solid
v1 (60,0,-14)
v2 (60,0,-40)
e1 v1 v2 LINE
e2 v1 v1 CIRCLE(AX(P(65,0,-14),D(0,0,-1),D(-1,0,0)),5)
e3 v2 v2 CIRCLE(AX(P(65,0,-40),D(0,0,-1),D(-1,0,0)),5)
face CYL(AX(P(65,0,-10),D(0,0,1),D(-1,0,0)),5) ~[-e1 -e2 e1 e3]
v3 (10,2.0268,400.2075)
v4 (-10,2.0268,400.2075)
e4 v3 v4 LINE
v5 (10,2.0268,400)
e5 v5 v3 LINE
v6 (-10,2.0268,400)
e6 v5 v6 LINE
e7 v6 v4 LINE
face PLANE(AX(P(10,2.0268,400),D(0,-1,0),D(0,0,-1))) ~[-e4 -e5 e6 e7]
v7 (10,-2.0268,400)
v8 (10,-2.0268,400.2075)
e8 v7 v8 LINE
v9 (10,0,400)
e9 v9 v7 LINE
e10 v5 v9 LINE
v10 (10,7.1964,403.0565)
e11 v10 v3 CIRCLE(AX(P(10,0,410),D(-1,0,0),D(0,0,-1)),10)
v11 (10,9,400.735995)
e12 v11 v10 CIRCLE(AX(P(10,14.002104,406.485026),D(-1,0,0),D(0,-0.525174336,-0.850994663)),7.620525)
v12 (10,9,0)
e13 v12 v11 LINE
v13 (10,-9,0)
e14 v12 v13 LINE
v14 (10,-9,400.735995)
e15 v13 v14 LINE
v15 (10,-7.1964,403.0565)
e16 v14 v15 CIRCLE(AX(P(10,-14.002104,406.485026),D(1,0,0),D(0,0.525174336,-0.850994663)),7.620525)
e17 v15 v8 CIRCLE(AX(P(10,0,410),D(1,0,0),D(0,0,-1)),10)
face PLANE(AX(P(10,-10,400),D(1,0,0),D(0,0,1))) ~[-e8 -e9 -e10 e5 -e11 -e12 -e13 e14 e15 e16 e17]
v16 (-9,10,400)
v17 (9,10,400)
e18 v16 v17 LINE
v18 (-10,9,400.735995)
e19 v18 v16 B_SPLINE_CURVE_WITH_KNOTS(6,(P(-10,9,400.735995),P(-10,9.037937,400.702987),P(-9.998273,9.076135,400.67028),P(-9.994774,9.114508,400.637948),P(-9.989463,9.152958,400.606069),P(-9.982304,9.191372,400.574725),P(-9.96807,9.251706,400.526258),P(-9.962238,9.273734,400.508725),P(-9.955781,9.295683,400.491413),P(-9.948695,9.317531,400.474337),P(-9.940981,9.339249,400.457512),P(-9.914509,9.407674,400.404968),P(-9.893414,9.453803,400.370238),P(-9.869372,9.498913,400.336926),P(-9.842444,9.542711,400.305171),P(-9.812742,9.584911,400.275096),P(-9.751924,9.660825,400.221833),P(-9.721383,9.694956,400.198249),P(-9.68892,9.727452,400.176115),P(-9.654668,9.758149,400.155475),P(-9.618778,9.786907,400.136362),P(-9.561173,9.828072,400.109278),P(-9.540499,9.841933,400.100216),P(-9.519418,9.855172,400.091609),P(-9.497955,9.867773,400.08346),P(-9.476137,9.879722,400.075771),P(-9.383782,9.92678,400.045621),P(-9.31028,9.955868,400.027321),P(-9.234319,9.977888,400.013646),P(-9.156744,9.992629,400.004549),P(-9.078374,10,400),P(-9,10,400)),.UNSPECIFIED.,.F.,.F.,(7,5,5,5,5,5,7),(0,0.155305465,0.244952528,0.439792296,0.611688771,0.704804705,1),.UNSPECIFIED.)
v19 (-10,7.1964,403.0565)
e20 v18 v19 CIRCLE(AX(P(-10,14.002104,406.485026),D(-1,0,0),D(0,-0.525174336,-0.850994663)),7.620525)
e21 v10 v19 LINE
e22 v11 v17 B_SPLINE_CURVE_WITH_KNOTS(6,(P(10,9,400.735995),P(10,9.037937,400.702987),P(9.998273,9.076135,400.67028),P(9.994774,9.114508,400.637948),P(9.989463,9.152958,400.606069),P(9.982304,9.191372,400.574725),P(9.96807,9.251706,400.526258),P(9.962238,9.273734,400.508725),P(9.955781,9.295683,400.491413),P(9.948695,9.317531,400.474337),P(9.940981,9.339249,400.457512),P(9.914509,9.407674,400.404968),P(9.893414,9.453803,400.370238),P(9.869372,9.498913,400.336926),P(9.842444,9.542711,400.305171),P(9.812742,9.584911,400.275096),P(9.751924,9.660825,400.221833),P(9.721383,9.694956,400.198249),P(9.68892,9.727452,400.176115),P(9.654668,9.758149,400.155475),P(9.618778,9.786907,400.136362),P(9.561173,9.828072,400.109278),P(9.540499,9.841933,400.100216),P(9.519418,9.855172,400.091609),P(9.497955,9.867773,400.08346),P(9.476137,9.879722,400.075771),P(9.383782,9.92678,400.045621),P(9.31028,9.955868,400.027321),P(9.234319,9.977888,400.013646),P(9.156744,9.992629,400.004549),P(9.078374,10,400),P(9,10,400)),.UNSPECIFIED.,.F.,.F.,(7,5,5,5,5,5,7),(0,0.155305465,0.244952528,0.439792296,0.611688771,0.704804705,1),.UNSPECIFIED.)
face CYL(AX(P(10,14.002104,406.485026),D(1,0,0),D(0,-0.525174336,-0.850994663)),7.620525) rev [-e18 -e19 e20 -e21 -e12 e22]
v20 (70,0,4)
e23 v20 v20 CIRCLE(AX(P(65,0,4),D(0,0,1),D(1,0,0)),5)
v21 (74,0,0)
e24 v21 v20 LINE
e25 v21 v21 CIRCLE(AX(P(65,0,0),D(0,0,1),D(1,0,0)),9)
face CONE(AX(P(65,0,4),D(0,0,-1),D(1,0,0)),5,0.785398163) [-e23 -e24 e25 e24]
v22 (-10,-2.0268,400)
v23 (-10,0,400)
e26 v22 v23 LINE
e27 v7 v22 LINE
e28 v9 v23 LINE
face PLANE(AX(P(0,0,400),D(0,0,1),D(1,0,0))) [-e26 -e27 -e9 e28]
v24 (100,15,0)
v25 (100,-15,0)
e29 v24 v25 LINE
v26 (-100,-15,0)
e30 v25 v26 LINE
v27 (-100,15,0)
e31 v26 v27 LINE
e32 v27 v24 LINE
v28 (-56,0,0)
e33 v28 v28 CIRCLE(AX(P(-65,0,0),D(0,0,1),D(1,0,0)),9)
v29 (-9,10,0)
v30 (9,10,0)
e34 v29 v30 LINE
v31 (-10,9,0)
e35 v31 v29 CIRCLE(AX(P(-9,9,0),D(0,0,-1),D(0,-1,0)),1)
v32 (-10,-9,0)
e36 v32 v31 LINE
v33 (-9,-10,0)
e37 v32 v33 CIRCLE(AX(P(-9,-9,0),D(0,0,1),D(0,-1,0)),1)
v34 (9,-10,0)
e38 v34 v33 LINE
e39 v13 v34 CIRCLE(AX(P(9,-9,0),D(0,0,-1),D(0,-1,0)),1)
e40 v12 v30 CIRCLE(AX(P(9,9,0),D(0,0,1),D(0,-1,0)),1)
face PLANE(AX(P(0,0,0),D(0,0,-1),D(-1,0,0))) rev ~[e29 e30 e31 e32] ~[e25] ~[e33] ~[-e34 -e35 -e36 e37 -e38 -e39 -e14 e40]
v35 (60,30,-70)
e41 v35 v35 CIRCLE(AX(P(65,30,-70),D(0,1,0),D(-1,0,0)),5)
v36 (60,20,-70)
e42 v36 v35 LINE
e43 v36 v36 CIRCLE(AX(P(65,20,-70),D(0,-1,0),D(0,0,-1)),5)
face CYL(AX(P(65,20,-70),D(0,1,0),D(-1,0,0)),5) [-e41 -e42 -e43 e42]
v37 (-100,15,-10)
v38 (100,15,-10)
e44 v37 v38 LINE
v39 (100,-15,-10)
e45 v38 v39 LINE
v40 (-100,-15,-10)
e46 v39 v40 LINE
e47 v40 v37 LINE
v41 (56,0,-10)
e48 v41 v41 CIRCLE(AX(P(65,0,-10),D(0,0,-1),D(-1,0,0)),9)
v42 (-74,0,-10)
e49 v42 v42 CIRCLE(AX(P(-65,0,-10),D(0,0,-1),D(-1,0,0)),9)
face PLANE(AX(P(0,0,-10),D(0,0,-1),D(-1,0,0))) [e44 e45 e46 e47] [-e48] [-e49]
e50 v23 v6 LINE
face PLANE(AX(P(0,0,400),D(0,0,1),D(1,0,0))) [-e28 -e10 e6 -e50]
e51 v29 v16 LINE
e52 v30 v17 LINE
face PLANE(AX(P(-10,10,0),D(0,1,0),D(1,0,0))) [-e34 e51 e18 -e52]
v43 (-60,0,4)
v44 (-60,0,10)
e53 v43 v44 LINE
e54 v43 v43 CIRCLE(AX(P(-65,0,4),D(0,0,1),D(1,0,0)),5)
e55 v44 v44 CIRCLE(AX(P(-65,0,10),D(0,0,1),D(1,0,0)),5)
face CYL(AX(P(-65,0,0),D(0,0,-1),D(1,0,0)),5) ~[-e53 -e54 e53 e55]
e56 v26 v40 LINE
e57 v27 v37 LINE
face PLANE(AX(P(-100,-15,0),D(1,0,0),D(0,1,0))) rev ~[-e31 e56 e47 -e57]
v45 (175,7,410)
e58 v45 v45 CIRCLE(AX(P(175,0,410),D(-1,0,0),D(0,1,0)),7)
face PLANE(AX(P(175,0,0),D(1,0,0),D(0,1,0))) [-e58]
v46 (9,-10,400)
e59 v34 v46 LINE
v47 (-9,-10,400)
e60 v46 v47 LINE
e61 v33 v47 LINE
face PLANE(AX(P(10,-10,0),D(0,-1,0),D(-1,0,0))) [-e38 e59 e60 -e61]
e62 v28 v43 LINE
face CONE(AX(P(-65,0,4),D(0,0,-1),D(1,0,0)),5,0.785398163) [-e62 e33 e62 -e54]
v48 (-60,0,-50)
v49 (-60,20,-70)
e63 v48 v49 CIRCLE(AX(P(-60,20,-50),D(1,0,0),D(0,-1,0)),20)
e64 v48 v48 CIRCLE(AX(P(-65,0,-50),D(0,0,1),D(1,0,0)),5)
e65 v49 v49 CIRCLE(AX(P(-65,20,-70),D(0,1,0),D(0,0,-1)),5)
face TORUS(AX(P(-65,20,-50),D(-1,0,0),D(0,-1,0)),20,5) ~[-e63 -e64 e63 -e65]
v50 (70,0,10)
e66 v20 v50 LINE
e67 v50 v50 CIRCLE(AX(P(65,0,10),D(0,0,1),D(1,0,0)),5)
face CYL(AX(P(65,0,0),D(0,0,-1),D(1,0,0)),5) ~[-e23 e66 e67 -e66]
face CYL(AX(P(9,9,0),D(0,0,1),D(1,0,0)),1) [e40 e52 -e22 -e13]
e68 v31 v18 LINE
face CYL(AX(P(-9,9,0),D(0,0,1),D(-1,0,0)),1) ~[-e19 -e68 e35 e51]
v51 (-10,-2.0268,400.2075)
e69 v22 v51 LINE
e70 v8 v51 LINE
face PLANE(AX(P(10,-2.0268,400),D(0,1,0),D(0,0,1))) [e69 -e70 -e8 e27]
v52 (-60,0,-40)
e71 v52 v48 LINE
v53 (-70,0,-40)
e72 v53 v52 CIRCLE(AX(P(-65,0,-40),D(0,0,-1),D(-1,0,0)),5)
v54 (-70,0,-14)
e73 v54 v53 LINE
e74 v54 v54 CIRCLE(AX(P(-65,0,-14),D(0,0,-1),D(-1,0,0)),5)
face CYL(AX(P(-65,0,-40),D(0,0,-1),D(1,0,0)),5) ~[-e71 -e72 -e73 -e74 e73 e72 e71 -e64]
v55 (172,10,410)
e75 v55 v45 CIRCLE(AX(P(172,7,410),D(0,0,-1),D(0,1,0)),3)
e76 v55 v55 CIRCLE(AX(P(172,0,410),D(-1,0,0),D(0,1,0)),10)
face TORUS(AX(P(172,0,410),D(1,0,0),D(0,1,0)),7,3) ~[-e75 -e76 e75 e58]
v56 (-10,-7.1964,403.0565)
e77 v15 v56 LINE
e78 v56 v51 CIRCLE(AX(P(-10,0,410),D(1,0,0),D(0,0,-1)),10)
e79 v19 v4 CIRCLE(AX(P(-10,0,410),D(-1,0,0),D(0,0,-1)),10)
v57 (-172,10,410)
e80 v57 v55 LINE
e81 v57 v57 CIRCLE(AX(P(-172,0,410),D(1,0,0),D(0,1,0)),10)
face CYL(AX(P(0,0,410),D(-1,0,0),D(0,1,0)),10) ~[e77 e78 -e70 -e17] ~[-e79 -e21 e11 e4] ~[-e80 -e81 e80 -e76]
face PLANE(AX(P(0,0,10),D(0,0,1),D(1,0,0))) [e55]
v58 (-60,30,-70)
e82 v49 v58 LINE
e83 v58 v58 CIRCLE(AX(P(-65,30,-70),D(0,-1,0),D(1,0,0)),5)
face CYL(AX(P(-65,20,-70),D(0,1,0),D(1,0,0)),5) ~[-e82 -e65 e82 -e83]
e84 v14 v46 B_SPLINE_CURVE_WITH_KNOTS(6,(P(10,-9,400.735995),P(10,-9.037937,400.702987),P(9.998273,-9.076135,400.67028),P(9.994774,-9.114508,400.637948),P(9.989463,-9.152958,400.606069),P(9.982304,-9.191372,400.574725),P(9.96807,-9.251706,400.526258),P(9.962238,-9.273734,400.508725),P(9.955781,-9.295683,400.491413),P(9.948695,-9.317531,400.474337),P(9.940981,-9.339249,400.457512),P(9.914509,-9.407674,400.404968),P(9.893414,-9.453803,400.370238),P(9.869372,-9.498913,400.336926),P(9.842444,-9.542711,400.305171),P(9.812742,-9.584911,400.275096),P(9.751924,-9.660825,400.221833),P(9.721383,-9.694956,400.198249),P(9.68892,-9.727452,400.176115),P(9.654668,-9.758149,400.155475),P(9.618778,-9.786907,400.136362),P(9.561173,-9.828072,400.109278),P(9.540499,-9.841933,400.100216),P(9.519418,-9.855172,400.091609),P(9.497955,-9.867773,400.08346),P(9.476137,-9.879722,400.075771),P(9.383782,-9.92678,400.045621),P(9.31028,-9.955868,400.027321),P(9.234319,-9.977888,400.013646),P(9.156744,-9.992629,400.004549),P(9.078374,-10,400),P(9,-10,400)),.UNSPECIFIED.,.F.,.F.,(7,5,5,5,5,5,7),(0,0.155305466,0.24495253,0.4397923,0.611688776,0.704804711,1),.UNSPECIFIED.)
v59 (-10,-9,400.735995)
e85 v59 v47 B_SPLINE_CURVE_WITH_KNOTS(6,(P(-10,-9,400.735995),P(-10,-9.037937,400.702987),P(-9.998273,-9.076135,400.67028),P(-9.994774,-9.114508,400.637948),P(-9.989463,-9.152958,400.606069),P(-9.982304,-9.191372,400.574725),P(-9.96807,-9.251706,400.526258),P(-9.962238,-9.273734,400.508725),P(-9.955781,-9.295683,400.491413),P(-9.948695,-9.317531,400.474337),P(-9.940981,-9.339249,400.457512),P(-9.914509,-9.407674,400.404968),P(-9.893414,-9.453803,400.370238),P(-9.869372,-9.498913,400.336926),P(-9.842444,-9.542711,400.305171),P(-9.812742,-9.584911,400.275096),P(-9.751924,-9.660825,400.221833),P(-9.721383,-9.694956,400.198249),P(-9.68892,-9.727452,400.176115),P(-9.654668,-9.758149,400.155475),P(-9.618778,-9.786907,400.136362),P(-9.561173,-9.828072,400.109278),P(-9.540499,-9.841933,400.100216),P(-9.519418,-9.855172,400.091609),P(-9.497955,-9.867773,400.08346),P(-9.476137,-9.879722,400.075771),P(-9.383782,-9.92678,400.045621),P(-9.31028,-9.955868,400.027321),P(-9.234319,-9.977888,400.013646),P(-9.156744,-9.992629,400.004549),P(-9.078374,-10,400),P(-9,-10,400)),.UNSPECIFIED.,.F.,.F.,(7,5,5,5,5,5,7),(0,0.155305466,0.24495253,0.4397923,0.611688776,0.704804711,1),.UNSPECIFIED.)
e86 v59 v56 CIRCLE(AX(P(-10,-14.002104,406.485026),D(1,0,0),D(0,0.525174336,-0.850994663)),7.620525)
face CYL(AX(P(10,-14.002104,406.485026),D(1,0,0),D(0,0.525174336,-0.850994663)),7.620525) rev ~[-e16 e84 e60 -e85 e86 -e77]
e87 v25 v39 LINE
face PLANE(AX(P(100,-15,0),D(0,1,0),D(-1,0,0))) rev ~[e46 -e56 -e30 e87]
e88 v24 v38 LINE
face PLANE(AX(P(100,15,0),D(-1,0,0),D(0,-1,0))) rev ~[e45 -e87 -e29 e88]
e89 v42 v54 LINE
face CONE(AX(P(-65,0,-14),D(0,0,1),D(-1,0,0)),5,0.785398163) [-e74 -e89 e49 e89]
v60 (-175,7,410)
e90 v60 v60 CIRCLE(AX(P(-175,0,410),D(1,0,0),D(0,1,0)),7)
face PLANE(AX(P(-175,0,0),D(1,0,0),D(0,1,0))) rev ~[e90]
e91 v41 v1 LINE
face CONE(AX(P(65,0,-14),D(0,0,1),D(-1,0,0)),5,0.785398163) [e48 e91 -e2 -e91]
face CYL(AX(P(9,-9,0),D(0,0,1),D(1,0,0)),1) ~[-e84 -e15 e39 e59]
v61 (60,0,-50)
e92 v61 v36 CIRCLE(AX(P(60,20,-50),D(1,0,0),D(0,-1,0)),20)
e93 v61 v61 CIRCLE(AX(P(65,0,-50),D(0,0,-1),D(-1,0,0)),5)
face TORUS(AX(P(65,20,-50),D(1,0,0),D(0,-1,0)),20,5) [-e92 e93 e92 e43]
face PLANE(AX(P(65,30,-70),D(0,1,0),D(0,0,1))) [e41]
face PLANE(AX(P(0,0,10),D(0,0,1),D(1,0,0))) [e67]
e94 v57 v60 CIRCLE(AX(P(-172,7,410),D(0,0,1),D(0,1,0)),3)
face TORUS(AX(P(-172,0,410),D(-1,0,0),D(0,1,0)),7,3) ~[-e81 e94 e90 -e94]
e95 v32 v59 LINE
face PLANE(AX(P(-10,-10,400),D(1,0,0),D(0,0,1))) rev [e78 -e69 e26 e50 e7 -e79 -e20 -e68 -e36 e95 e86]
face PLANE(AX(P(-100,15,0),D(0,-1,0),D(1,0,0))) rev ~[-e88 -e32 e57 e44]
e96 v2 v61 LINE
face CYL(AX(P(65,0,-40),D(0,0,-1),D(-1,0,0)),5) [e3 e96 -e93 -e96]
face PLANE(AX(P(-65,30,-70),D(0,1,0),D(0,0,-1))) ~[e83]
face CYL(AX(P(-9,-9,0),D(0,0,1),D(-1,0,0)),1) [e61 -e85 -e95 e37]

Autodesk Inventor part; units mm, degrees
ref_plane "XZ Plane" through (0, 0, 0) normal (0, 1, 0) x (-1, 0, 0)
sketch "Skizze1" plane through (0, 0, 0) normal (0, 0, 1) x (1, 0, 0)
  line L0 (10, -10) -> (-10, -10)
  line L1 (-10, -10) -> (-10, 10)
  line L2 (-10, 10) -> (10, 10)
  line L3 (10, 10) -> (10, -10)
  line L4 (10, -10) -> (-10, 10) construction
  line L5 (-10, -10) -> (10, 10) construction
  point P0 (0, 0)
  dimension "d0" = 20
  dimension "d1" = 20
extrude "Extrusion1" add sketch "Skizze1" along normal blind 400
ref_plane "Arbeitsebene1" through (0, 0, 0) normal (1, 0, 0) x (0, 1, 0)
sketch "Skizze2" plane through (0, 0, 0) normal (1, 0, 0) x (0, 1, 0)
  line L0 (10, 0) -> (-10, 0) projected
  line L1 (10, 0) -> (10, 400) projected
  line L2 (-10, 400) -> (10, 400) projected
  line L3 (-10, 0) -> (-10, 400) projected
  circle A0 centre (0, 410) radius 10
  line L4 (-10, 400) -> (10, 400) projected
  point P0 (0, 0)
  point P1 (0, 400)
  dimension "d5" = 20
extrude "Extrusion2" add sketch "Skizze2" along normal mid plane 350 contours A0
sketch "Skizze4" plane through (10, 10, 400) normal (1, 0, 0) x (0, 0, -1)
  circle A0 centre (-10, -10) radius 10 projected
  line L0 (400, 0) -> (400, -20) projected
  line L1 (400, 0) -> (0, 0) projected
  line L2 (0, -10) -> (0, 0) projected
  line L3 (0, -20) -> (0, -10) projected
  line L4 (400, -20) -> (0, -20) projected
  line L5 (0, -20) -> (0, -10) projected
  line L6 (0, -12.0268) -> (-0.2075, -12.0268)
  arc A1 (0, -20) -> (-3.0565, -17.1964) centre (-6.4849, -24.002) ccw
  circle A2 centre (-10, -10) radius 10 projected
  arc A3 (-3.0565, -17.1964) -> (-0.2075, -12.0268) centre (-10, -10) ccw
  line L7 (0, -20) -> (0, -12.0268)
  point P0 (400, -10)
extrude "Extrusion3" add sketch "Skizze4" against normal blind 20 contours A0 L6 L3 A1
mirror "Spiegeln1" about plane through (0, 0, 0) normal (0, 1, 0) of "Extrusion3"
fillet "Rundung1" radius 1 4 edges at (10, -10, 200) (-10, -10, 200) (-10, 10, 200) (10, 10, 200)
fillet "Rundung2" radius 3 2 edges at (175, -10, 410) (-175, -10, 410)
sketch "Skizze5" plane through (0, 0, 0) normal (0, 0, -1) x (-1, 0, 0)
  line L0 (-100, -15) -> (100, -15)
  line L1 (100, -15) -> (100, 15)
  line L2 (100, 15) -> (-100, 15)
  line L3 (-100, 15) -> (-100, -15)
  line L4 (-100, -15) -> (100, 15) construction
  line L5 (100, -15) -> (-100, 15) construction
  point P0 (0, 0)
  dimension "d12" = 30
  dimension "d13" = 200
extrude "Extrusion4" add sketch "Skizze5" along normal blind 10
sketch "Skizze6" plane through (0, 0, 0) normal (0, 0, 1) x (1, 0, 0)
  line L0 (100, -15) -> (-100, -15) projected
  line L1 (100, 15) -> (100, -15) projected
  line L2 (-100, 15) -> (100, 15) projected
  line L3 (-100, -15) -> (-100, 15) projected
  arc A0 (-10, -9) -> (-9, -10) centre (-9, -9) ccw projected
  line L4 (-10, -9) -> (-10, 9) projected
  arc A1 (-9, 10) -> (-10, 9) centre (-9, 9) ccw projected
  line L5 (-9, 10) -> (9, 10) projected
  arc A2 (10, 9) -> (9, 10) centre (9, 9) ccw projected
  line L6 (10, 9) -> (10, -9) projected
  arc A3 (9, -10) -> (10, -9) centre (9, -9) ccw projected
  line L7 (9, -10) -> (-9, -10) projected
  circle A4 centre (65, 0) radius 5
  circle A5 centre (-65, 0) radius 5
  line L8 (10, 9) -> (10, -9) projected
  point P0 (0, 0)
  point P1 (10, 0)
  point P2 (-10, 0)
  dimension "d16" = 130
  dimension "d17" = 65
  dimension "d18" = 10
  dimension "d19" = 10
extrude "Extrusion5" add sketch "Skizze6" along normal blind 10 contours A4 | A5
sketch "Skizze7" plane through (0, 0, -10) normal (0, 0, -1) x (-1, 0, 0)
  circle A0 centre (-65, 0) radius 5 projected
  circle A1 centre (65, 0) radius 5 projected
  point P0 (0, 0)
extrude "Extrusion6" add sketch "Skizze7" along normal blind 30
chamfer "Fase1" distance 4 angle 45 4 edges at (70, 0, -10) (60, 0, 0) (-70, 0, 0) (-60, 0, -10)
sketch "Skizze8" plane through (65, 0, -40) normal (0, 0, -1) x (-1, 0, 0)
  circle A0 centre (0, 0) radius 5 projected
  circle A1 centre (0, 0) radius 5 projected
  point P0 (65, 0)
ref_plane "Arbeitsebene2" through (65, 0, -40) normal (1, 0, 0) x (0, 0, -1)
sketch "Skizze9" plane through (65, 0, -40) normal (1, 0, 0) x (0, 0, -1)
  line L0 (-30, 15) -> (-30, -15) projected
  line L1 (0, -5) -> (0, 5) projected
  line L2 (0, 0) -> (10, 0)
  line L3 (30, 20) -> (30, 30)
  arc A0 (10, 0) -> (30, 20) centre (10, 20) ccw
  point P0 (-40, 0)
  point P1 (-30, 0)
  point P2 (30, 0)
  dimension "d29" = 30
  dimension "d30" = 30
  dimension "d31" = 20
sweep "Sweeping1" add profiles "Skizze8" path "Skizze9" path curves L2 A0 L3
mirror "Spiegeln2" about plane through (0, 0, 0) normal (1, 0, 0) of "Sweeping1"
properties part number "Schlüssel" material "Stahl, galvanisiert"
